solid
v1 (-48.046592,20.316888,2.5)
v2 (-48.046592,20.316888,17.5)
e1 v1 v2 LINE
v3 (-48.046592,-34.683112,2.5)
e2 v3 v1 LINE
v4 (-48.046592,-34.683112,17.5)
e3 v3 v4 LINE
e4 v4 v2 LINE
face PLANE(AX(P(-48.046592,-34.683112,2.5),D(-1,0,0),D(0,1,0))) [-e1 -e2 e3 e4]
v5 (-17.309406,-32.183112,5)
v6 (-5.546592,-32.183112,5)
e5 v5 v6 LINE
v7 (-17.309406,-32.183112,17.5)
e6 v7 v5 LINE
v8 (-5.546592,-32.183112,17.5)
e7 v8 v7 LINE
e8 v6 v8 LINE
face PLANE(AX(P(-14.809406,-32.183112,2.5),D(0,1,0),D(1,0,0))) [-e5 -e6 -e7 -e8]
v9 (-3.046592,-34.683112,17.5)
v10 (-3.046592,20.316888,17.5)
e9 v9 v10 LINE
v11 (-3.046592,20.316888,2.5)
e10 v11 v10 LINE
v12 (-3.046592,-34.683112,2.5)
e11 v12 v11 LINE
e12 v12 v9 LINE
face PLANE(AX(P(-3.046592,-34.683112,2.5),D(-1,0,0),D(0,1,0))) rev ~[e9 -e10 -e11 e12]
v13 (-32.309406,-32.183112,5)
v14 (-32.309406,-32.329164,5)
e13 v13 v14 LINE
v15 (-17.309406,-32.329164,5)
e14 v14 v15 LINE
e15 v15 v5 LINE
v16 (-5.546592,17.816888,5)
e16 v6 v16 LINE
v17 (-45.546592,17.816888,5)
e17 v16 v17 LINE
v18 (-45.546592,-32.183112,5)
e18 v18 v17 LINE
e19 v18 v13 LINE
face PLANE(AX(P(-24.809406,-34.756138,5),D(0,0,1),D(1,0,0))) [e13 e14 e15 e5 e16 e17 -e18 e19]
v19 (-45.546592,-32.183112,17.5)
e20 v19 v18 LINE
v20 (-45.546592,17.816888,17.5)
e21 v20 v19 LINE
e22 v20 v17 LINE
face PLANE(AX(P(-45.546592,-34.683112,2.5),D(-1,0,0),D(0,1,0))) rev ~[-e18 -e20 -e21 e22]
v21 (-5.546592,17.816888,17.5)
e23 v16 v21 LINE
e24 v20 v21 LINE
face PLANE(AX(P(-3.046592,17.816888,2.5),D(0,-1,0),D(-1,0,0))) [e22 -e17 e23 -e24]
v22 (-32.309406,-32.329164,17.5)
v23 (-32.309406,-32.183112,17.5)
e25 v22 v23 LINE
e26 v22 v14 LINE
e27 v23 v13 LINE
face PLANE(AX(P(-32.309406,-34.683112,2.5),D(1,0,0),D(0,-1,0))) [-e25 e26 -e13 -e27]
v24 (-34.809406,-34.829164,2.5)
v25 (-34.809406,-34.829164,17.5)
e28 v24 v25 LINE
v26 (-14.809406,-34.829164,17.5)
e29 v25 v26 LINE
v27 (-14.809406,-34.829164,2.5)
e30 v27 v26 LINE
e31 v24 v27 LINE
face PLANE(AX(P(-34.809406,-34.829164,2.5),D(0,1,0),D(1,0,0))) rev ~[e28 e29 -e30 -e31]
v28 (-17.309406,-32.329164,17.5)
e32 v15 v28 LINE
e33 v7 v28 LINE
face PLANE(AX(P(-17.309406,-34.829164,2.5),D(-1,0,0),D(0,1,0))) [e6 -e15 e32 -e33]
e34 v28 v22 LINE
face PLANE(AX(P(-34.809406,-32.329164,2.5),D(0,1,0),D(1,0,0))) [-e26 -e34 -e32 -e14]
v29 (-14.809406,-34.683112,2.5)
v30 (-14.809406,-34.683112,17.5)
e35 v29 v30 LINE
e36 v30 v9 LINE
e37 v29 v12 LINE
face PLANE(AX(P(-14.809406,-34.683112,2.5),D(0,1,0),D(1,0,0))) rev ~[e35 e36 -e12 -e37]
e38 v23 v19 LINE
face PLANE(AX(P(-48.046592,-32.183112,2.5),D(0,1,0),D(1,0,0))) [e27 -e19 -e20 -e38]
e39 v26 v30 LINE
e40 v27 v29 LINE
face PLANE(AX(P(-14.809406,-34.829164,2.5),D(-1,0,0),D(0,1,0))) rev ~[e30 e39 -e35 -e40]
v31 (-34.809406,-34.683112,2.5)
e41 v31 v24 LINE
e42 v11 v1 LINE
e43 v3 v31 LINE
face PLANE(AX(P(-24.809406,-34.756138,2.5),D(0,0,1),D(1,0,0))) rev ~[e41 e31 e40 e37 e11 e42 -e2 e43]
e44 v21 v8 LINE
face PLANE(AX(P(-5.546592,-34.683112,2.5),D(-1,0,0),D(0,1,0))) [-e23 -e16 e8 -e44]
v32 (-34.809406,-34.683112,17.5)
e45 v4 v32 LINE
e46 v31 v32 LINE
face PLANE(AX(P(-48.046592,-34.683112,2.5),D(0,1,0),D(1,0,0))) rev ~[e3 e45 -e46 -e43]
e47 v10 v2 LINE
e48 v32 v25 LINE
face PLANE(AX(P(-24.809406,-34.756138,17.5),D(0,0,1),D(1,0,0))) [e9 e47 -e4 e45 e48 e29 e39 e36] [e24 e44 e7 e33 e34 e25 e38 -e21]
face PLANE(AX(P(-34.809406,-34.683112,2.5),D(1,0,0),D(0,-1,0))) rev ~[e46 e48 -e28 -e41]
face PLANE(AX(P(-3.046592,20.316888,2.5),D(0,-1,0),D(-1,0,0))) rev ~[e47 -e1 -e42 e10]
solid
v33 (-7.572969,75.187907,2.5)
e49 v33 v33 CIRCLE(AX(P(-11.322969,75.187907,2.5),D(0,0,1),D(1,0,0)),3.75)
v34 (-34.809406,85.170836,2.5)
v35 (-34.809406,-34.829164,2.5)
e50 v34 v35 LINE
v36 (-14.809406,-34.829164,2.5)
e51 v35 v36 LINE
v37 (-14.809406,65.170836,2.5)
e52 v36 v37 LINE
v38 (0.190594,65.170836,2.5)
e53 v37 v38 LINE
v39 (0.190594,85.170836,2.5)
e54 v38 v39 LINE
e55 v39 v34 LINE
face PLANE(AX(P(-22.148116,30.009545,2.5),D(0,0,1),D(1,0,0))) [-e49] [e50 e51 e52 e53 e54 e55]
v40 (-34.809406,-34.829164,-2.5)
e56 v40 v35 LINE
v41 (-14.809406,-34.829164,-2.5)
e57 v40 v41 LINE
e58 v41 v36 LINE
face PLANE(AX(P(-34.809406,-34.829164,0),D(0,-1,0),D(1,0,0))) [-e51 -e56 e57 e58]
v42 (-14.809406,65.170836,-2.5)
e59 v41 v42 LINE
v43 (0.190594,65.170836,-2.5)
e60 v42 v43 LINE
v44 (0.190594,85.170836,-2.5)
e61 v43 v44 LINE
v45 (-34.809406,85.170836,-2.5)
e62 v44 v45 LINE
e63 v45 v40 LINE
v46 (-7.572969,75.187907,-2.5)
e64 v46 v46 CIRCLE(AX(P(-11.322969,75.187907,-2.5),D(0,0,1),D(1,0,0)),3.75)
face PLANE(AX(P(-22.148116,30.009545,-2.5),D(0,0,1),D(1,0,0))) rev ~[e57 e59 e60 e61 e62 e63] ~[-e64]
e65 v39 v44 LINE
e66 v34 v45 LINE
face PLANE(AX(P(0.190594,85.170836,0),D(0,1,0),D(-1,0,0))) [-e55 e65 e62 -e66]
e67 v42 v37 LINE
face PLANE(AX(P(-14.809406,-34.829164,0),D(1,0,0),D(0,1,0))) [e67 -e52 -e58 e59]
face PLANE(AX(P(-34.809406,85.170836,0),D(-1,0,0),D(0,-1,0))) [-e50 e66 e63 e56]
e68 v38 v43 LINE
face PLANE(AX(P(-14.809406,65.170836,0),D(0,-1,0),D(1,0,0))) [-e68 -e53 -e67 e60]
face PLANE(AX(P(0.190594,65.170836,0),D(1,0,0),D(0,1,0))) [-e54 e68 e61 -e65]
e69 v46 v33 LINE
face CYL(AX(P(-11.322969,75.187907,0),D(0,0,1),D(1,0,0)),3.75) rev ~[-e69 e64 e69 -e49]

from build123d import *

# Parameters (mm, degrees)
F1_DEPTH = 2.5
F2_W     = 20
F2_H     = 0.1460519966
F2_W_2   = 11.762814112
F2_H_2   = 55
F2_W_3   = 13.237185888
F3_DEPTH = 15
F4_T     = -2.5
F5_R     = 3.75
F6_DEPTH = 5


with BuildPart() as f1:
    # F0 (on Top) → F1 (new body, symmetric)
    with BuildSketch(Plane.XY):
        Polygon((-34.8094058409, 85.1708357993), (-34.8094058409, -1.6712700429), (-34.8094058409, -34.8291642007), (-14.8094058409, -34.8291642007), (-14.8094058409, 65.1708357993), (0.1905941591, 65.1708357993), (0.1905941591, 85.1708357993), align=None)
    extrude(amount=F1_DEPTH, both=True)

    # F5 (on Top) → F6 (cut, symmetric)
    with BuildSketch(Plane.XY):
        with Locations((-11.3229686394, 75.1879066229)):
            Circle(F5_R)
    extrude(amount=F6_DEPTH, both=True, mode=Mode.SUBTRACT)


with BuildPart() as f3:
    # F2 (on face) → F3 (new body)
    with BuildSketch(Plane.XY.offset(2.5)):
        with Locations((-24.8094058409, -34.7561382024)):
            Rectangle(F2_W, F2_H)
        with Locations((-8.9279987849, -7.1831122041)):
            Rectangle(F2_W_2, F2_H_2)
        with Locations((-24.8094058409, -7.1831122041)):
            Rectangle(F2_W, F2_H_2)
        with Locations((-41.4279987849, -7.1831122041)):
            Rectangle(F2_W_3, F2_H_2)
    extrude(amount=F3_DEPTH)

    # F4
    f4_openings = [f3.faces().sort_by_distance(p)[0] for p in [
        (-25.545723, -7.215616, 17.5),
    ]]
    offset(amount=F4_T, openings=f4_openings, kind=Kind.INTERSECTION)


solid = Compound([f1.part, f3.part])
